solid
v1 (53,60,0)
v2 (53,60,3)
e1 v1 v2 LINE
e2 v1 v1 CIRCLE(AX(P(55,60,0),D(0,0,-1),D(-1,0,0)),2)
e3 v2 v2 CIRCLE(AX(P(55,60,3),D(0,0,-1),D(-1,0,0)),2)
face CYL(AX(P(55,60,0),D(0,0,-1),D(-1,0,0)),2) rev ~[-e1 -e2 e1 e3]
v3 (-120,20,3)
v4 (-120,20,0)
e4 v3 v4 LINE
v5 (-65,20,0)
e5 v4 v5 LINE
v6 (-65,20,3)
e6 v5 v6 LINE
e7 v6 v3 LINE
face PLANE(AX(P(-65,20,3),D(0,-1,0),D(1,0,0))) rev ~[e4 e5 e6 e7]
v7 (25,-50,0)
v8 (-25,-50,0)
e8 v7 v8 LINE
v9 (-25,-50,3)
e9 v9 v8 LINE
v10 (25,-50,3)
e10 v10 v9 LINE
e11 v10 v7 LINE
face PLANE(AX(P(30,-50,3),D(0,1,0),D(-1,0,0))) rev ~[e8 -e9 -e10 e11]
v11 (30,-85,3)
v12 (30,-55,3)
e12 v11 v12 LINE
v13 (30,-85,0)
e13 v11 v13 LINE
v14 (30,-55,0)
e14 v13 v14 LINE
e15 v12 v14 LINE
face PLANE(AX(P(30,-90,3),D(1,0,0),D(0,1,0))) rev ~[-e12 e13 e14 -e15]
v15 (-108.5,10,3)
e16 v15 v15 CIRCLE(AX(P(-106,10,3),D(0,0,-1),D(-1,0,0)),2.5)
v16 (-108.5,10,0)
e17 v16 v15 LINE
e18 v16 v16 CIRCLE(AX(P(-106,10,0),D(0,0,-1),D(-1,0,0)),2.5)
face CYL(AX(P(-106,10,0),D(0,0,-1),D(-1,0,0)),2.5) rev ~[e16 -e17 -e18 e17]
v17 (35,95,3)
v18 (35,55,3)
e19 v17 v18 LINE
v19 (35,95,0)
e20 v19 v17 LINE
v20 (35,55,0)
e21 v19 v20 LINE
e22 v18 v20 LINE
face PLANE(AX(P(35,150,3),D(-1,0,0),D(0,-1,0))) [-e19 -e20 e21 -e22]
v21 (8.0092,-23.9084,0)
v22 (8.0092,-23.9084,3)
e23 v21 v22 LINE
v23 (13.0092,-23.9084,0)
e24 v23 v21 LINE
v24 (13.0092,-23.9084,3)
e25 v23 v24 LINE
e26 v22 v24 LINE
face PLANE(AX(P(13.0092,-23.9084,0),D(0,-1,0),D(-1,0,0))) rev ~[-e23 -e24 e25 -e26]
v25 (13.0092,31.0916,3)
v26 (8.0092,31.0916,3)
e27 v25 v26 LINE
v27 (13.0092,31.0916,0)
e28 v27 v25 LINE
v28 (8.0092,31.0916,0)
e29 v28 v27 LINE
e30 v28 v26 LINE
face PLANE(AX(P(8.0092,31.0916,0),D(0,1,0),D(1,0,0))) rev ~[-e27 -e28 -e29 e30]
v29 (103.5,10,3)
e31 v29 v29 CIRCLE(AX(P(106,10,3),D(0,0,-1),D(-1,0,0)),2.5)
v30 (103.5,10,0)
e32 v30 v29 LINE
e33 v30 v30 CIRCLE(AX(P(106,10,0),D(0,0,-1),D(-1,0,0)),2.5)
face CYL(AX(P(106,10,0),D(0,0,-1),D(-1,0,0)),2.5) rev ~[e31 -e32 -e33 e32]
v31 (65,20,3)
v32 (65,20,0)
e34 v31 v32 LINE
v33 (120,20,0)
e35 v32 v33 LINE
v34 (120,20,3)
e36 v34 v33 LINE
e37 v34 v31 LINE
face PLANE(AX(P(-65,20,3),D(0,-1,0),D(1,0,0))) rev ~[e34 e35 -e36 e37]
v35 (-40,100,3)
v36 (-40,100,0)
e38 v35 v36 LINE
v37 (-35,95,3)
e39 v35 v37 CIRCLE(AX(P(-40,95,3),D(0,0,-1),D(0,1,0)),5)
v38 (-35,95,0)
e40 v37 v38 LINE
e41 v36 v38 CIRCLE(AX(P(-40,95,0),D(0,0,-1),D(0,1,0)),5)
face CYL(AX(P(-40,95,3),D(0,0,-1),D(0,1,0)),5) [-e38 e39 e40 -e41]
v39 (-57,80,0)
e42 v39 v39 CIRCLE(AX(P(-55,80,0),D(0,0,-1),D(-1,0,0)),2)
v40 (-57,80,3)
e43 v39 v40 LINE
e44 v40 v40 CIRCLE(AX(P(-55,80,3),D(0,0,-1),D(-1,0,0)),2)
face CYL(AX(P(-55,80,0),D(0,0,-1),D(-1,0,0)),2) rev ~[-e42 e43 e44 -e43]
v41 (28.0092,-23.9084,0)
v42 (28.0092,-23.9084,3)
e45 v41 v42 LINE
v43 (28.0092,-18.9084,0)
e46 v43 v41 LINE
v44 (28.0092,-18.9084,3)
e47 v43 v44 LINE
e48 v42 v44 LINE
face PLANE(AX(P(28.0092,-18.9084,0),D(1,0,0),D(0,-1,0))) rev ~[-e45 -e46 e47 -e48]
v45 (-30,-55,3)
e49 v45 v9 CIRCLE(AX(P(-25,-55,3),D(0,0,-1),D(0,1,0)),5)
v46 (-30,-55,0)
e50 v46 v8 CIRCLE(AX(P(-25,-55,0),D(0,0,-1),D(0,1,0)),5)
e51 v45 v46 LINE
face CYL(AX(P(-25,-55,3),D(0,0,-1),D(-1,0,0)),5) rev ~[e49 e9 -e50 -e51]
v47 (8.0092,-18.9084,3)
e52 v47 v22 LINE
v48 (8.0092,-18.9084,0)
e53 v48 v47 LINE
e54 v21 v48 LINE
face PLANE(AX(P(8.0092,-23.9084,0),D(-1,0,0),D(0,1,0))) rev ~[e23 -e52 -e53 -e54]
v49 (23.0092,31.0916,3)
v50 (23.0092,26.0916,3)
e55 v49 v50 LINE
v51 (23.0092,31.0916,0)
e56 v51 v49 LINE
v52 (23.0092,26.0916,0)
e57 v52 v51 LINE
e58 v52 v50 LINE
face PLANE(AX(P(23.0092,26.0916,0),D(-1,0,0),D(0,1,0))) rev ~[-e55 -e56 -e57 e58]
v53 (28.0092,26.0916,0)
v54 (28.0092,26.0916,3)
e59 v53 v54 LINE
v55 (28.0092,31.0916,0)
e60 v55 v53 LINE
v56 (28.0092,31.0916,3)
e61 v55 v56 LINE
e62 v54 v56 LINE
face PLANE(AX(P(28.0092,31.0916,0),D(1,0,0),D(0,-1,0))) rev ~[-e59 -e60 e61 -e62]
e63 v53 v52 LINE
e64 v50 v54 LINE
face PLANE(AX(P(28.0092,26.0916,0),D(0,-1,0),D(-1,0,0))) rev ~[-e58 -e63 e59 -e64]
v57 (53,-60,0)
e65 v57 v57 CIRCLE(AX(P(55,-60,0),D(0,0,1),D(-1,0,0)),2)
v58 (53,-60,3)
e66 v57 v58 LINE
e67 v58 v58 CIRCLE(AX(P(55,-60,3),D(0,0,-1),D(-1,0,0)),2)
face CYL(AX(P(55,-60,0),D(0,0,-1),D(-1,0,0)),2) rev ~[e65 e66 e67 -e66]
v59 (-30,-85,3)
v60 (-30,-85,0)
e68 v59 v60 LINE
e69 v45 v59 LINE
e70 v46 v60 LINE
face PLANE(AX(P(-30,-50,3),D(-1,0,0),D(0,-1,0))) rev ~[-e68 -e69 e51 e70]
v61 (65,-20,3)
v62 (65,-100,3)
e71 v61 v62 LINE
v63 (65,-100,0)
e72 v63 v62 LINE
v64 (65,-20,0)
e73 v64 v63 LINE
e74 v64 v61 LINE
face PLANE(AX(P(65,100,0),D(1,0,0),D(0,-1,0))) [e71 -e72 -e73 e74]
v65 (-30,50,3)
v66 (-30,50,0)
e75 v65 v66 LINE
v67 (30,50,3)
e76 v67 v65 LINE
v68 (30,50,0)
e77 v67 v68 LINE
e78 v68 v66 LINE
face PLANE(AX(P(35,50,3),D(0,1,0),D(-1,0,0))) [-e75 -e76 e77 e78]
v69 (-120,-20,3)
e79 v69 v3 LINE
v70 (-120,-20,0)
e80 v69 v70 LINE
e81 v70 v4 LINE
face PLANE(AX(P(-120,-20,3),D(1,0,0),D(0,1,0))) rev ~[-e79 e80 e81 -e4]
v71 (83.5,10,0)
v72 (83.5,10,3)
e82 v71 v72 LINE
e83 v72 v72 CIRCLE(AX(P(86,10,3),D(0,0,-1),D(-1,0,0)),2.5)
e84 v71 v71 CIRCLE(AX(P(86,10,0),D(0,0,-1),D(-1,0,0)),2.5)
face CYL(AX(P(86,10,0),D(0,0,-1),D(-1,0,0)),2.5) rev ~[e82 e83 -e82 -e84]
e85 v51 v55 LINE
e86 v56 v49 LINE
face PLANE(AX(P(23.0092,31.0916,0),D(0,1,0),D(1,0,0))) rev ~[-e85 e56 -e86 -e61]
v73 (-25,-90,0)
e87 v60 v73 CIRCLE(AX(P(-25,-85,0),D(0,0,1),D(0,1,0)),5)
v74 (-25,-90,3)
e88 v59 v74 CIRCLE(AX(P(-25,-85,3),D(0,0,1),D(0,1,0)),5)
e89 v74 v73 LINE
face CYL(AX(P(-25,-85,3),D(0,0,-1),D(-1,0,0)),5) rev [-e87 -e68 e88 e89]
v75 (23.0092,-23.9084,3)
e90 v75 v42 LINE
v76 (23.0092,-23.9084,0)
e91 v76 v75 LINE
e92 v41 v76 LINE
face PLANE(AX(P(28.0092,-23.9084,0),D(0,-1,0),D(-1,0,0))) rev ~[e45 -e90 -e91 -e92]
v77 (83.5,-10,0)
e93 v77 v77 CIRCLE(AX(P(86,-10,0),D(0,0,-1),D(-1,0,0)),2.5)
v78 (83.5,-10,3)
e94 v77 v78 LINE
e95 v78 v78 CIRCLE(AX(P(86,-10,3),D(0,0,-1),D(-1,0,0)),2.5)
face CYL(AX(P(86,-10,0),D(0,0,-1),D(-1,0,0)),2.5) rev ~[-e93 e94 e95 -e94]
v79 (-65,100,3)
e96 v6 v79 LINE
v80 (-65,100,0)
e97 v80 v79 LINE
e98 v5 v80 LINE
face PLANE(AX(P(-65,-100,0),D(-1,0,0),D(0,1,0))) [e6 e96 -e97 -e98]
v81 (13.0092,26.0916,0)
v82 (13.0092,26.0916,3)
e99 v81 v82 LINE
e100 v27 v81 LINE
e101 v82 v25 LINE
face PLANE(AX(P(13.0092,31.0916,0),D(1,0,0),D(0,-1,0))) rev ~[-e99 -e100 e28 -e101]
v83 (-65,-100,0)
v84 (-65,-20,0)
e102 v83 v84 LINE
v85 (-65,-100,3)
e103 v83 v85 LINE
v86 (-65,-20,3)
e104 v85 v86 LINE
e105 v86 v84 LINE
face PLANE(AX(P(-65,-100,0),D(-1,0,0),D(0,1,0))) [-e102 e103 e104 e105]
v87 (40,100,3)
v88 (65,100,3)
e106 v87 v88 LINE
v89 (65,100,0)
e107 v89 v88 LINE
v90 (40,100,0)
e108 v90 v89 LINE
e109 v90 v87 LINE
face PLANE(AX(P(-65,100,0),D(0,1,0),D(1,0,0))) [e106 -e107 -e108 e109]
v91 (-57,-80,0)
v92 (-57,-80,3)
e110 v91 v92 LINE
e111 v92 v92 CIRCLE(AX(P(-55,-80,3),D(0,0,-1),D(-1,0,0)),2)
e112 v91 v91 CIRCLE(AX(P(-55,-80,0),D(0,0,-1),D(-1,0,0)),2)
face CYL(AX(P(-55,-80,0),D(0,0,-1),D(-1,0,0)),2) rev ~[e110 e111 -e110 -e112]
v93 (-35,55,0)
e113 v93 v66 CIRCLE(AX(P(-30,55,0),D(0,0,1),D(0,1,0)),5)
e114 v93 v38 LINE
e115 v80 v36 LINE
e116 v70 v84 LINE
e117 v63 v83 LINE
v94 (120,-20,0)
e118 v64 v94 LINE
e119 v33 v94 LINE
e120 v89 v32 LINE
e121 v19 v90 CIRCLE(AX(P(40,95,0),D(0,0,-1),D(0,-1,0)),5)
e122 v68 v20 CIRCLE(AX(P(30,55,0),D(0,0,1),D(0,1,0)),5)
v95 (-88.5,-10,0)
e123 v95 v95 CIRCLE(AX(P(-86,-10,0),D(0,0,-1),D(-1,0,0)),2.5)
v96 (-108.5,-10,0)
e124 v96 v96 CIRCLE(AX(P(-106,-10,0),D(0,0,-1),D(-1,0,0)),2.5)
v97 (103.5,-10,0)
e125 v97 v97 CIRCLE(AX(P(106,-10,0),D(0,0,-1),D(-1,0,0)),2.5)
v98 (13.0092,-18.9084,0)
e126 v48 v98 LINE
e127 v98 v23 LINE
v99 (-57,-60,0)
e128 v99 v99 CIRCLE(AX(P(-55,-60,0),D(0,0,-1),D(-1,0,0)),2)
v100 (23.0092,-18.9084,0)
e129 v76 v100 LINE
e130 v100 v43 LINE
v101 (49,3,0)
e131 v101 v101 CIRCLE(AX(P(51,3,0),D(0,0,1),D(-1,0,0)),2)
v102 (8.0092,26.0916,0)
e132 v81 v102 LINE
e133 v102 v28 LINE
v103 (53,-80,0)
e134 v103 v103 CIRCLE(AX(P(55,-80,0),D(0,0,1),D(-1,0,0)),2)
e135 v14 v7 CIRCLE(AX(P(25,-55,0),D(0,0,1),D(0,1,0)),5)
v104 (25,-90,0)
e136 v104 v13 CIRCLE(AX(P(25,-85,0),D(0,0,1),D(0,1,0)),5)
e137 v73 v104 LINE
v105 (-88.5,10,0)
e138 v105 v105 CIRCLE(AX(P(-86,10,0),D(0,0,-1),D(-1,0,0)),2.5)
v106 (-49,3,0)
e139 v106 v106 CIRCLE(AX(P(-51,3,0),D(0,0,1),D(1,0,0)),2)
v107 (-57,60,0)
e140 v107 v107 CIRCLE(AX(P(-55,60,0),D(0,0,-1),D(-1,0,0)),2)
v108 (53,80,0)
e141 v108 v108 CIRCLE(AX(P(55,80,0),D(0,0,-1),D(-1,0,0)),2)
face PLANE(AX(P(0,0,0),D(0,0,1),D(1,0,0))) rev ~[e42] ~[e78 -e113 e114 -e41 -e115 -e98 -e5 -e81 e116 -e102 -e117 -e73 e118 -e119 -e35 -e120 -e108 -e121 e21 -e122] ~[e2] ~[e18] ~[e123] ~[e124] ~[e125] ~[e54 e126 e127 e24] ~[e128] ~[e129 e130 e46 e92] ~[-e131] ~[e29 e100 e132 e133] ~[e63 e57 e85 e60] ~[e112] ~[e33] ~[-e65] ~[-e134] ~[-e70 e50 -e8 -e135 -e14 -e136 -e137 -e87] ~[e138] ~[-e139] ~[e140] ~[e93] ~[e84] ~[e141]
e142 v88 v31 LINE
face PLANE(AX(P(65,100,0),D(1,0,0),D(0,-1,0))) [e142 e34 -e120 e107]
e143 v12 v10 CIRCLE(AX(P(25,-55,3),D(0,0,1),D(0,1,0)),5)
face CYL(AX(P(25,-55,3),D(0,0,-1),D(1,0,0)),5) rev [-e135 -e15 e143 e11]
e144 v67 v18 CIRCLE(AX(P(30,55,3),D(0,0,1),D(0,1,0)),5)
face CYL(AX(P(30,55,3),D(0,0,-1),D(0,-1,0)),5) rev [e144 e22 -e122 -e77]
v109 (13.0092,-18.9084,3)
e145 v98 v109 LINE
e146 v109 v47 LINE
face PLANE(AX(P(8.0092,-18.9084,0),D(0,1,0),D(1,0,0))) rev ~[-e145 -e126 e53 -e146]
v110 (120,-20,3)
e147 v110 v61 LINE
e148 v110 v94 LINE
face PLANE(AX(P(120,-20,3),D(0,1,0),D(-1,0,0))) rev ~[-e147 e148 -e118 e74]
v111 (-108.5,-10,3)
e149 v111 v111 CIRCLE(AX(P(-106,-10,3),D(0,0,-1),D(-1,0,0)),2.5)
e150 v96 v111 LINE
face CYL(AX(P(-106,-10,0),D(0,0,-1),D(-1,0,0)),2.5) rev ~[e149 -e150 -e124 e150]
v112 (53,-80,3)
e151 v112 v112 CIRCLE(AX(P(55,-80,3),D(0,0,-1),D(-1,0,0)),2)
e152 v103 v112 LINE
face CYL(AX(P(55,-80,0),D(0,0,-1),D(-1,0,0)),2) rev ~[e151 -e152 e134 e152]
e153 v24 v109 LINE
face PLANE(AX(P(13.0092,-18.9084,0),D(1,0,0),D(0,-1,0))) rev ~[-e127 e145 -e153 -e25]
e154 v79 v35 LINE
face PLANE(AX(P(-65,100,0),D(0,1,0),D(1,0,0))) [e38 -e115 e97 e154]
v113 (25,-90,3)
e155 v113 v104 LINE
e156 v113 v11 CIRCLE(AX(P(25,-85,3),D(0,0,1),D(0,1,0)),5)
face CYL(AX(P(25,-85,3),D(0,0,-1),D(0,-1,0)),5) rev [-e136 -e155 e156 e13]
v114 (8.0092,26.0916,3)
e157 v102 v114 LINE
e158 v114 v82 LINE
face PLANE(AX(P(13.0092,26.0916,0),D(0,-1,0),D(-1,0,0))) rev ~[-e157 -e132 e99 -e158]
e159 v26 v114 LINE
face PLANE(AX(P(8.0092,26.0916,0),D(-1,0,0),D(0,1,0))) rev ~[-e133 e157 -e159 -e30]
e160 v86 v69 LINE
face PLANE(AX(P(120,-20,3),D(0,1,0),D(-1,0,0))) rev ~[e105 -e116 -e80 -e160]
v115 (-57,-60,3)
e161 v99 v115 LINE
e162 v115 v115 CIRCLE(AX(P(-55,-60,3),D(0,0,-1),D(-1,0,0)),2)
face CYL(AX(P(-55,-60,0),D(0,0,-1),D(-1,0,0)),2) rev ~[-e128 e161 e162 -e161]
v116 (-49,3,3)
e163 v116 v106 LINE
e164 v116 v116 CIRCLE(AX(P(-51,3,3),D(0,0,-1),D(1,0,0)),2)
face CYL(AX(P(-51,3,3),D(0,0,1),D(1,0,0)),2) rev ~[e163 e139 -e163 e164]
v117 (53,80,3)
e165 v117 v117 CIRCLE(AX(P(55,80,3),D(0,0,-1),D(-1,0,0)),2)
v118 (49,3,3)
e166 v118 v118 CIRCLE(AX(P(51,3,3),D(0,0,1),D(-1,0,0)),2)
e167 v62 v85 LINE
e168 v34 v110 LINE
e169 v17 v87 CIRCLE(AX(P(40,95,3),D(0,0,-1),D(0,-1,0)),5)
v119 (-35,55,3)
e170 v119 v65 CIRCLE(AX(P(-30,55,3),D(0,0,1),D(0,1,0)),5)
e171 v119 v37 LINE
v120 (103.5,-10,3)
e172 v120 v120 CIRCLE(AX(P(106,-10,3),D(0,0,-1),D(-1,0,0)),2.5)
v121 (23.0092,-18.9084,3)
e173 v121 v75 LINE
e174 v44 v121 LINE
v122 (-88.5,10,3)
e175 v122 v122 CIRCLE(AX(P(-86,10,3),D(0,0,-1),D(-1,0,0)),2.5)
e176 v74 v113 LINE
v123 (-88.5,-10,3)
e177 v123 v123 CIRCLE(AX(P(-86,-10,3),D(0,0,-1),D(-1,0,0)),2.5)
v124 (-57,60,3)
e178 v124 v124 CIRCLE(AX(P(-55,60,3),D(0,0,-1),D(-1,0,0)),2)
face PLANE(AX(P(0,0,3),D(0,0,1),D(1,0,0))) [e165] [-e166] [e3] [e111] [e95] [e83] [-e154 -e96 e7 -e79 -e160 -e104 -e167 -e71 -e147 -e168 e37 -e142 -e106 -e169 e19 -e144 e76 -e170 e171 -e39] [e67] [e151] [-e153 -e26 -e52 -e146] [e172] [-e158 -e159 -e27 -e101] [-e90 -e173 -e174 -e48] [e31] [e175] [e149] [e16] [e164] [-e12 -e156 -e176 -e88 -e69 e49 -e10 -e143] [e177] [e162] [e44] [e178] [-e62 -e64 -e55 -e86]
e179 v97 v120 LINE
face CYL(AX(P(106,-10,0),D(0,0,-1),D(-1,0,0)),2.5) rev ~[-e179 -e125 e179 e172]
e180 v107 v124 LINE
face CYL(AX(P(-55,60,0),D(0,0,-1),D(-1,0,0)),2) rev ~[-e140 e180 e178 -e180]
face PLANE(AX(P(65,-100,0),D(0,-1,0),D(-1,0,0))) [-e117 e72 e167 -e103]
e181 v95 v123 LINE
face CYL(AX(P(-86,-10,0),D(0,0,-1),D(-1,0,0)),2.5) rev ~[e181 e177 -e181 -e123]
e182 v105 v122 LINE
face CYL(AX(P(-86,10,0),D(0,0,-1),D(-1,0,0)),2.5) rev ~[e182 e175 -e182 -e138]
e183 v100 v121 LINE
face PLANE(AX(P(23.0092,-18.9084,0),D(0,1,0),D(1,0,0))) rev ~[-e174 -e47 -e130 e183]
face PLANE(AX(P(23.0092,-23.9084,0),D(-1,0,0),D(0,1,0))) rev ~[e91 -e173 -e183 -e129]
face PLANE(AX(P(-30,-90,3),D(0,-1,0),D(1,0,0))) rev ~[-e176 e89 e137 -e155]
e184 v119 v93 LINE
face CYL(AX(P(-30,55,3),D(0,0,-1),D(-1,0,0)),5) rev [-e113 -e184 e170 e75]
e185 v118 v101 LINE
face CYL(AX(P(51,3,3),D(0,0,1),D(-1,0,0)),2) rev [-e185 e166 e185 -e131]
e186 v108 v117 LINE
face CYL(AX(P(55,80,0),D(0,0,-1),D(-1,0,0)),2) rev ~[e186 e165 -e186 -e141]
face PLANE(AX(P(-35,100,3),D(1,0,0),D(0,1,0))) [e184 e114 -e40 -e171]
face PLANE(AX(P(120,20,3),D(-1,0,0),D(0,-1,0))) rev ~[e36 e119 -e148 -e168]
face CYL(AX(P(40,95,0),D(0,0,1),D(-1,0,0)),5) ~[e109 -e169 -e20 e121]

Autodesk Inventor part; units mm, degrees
ref_plane "YZ Plane" through (0, 0, 0) normal (1, 0, 0) x (0, 1, 0)
ref_plane "XZ Plane" through (0, 0, 0) normal (0, 1, 0) x (-1, 0, 0)
ref_plane "XY Plane" through (0, 0, 0) normal (0, 0, 1) x (1, 0, 0)
sketch "草图1" plane through (0, 0, 0) normal (0, 0, 1) x (1, 0, 0)
  line L0 (65, -100) -> (-65, -100)
  line L1 (-65, -100) -> (-65, 100)
  line L2 (-65, 100) -> (65, 100)
  line L3 (65, 100) -> (65, -100)
  line L4 (65, -100) -> (-65, 100) construction
  line L5 (-65, -100) -> (65, 100) construction
  point P0 (0, 0)
  dimension "d0" = 130
  dimension "d1" = 200
extrude "拉伸1" add sketch "草图1" along normal blind 3
sketch "草图2" plane through (0, 0, 3) normal (0, 0, 1) x (1, 0, 0)
  line L0 (120, -20) -> (-120, -20)
  line L1 (-120, -20) -> (-120, 20)
  line L2 (-120, 20) -> (120, 20)
  line L3 (120, 20) -> (120, -20)
  line L4 (120, -20) -> (-120, 20) construction
  line L5 (-120, -20) -> (120, 20) construction
  line L6 (-65, 100) -> (-65, -100) projected
  point P0 (0, 0)
  dimension "d4" = 40
  dimension "d5" = 55
extrude "拉伸2" add sketch "草图2" against normal up to surface (3 mm away)
sketch "草图3" plane through (0, 0, 0) normal (0, 0, -1) x (-1, 0, 0)
  line L0 (120, -20) -> (120, 20) projected
  line L1 (120, 0) -> (-120, 0)
  line L2 (-120, -20) -> (-120, 20) projected
  line L3 (71, 49.9947) -> (71, -50.0053) projected
  line L4 (65, -100) -> (-65, -100) projected
  line L5 (0, -100) -> (0, 7.1575)
  circle A0 centre (86, -10) radius 2.5
  circle A1 centre (106, -10) radius 2.5
  line L6 (65, -20) -> (120, -20) projected
  circle A2 centre (86, 10) radius 2.5
  circle A3 centre (106, 10) radius 2.5
  circle A4 centre (-86, -10) radius 2.5
  circle A5 centre (-106, -10) radius 2.5
  circle A6 centre (-86, 10) radius 2.5
  circle A7 centre (-106, 10) radius 2.5
  point P0 (0, 0)
  dimension "d12" = 5
  dimension "d13" = 5
  dimension "d14" = 20
  dimension "d15" = 10
  dimension "d16" = 15
extrude "拉伸3" cut sketch "草图3" against normal blind 10 contours A0 | A1 | A2 | A3 | A4 | A5 | A6 | A7
sketch "草图4" plane through (0, 0, 3) normal (0, 0, 1) x (1, 0, 0)
  line L0 (-30, -90) -> (30, -90)
  line L1 (30, -90) -> (30, -50)
  line L2 (30, -50) -> (-30, -50)
  line L3 (-30, -50) -> (-30, -90)
  line L4 (-30, -90) -> (30, -50) construction
  line L5 (30, -90) -> (-30, -50) construction
  line L6 (-65, -100) -> (65, -100) projected
  point P0 (0, 0)
  point P1 (0, -70)
  dimension "d17" = 10
  dimension "d18" = 60
  dimension "d19" = 40
extrude "拉伸4" cut sketch "草图4" against normal blind 10
fillet "圆角1" radius 5 4 edges at (30, -90, 1.5) (30, -50, 1.5) (-30, -50, 1.5) (-30, -90, 1.5)
sketch "草图5" plane through (0, 0, 3) normal (0, 0, 1) x (1, 0, 0)
  line L0 (-35, 150) -> (35, 150)
  line L1 (35, 150) -> (35, 50)
  line L2 (35, 50) -> (-35, 50)
  line L3 (-35, 50) -> (-35, 150)
  line L4 (65, 100) -> (-65, 100) projected
  line L5 (-35, 150) -> (35, 50) construction
  line L6 (35, 150) -> (-35, 50) construction
  point P0 (0, 0)
  point P1 (0, 100)
  dimension "d23" = 50
  dimension "d24" = 70
extrude "拉伸5" cut sketch "草图5" against normal blind 10
fillet "圆角2" radius 5 4 edges at (35, 100, 1.5) (35, 50, 1.5) (-35, 50, 1.5) (-35, 100, 1.5)
sketch "草图6" plane through (0, 0, 3) normal (0, 0, 1) x (1, 0, 0)
  line L0 (-120, -20) -> (-120, 20) projected
  line L1 (-120, 3) -> (120, 3)
  line L2 (120, -20) -> (120, 20) projected
  line L3 (-120, 20) -> (-120, -20) projected
  line L4 (-120, -20) -> (-65, -20) projected
  line L5 (-51, -94.6609) -> (-51, 98.803)
  line L6 (-65, -20) -> (-65, -100) projected
  circle A0 centre (-51, 3) radius 2
  point P0 (0, 0)
  dimension "d28" = 23
  dimension "d29" = 14
  dimension "d30" = 4
extrude "拉伸6" cut sketch "草图6" against normal blind 10
ref_plane "工作平面1" through (0, -100, 0) normal (-1, 0, 0) x (0, 0, 1)
mirror "镜像1" about plane through (0, -100, 0) normal (-1, 0, 0) of "拉伸6"
sketch "草图7" plane through (0, 0, 0) normal (0, 0, -1) x (-1, 0, 0)
  line L0 (-8.0092, 31.0916) -> (-13.0092, 31.0916)
  line L1 (-13.0092, 31.0916) -> (-13.0092, 26.0916)
  line L2 (-13.0092, 26.0916) -> (-8.0092, 26.0916)
  line L3 (-8.0092, 26.0916) -> (-8.0092, 31.0916)
  line L4 (-23.0092, 31.0916) -> (-28.0092, 31.0916)
  line L5 (-28.0092, 31.0916) -> (-28.0092, 26.0916)
  line L6 (-28.0092, 26.0916) -> (-23.0092, 26.0916)
  line L7 (-23.0092, 26.0916) -> (-23.0092, 31.0916)
  point P0 (0, 0)
  point P1 (-23.0092, 28.5916)
  point P2 (-13.0092, 28.5916)
  dimension "d33" = 5
  dimension "d34" = 5
  dimension "d35" = 5
  dimension "d36" = 5
  dimension "d37" = 10
extrude "拉伸7" cut sketch "草图7" against normal blind 10
pattern_linear "矩形阵列1" count 2 spacing 50 along (0, -1, 0) of "拉伸7"
sketch "草图8" plane through (0, 0, 0) normal (0, 0, -1) x (-1, 0, 0)
  circle A0 centre (-55, -60) radius 2
  line L0 (65, -100) -> (-65, -100) projected
  line L1 (-65, -100) -> (-65, -20) projected
  circle A1 centre (-55, -80) radius 2
  line L2 (-55, -100) -> (-55, -60)
  line L3 (0, 0) -> (-45.6081, 0)
  line L4 (0, 0) -> (0, -68.1904)
  circle A2 centre (55, -60) radius 2
  line L5 (65, -100) -> (65, -20)
  circle A3 centre (55, -80) radius 2
  circle A4 centre (-55, 60) radius 2
  circle A5 centre (-55, 80) radius 2
  circle A6 centre (55, 60) radius 2
  circle A7 centre (55, 80) radius 2
  point P0 (-65, 100)
  point P1 (-55, 100)
  point P2 (0, 68.1904)
  dimension "d43" = 40
  dimension "d45" = 4
  dimension "d46" = 10
  dimension "d47" = 4
  dimension "d48" = 20
extrude "拉伸8" cut sketch "草图8" against normal blind 10
properties part number "板子"
